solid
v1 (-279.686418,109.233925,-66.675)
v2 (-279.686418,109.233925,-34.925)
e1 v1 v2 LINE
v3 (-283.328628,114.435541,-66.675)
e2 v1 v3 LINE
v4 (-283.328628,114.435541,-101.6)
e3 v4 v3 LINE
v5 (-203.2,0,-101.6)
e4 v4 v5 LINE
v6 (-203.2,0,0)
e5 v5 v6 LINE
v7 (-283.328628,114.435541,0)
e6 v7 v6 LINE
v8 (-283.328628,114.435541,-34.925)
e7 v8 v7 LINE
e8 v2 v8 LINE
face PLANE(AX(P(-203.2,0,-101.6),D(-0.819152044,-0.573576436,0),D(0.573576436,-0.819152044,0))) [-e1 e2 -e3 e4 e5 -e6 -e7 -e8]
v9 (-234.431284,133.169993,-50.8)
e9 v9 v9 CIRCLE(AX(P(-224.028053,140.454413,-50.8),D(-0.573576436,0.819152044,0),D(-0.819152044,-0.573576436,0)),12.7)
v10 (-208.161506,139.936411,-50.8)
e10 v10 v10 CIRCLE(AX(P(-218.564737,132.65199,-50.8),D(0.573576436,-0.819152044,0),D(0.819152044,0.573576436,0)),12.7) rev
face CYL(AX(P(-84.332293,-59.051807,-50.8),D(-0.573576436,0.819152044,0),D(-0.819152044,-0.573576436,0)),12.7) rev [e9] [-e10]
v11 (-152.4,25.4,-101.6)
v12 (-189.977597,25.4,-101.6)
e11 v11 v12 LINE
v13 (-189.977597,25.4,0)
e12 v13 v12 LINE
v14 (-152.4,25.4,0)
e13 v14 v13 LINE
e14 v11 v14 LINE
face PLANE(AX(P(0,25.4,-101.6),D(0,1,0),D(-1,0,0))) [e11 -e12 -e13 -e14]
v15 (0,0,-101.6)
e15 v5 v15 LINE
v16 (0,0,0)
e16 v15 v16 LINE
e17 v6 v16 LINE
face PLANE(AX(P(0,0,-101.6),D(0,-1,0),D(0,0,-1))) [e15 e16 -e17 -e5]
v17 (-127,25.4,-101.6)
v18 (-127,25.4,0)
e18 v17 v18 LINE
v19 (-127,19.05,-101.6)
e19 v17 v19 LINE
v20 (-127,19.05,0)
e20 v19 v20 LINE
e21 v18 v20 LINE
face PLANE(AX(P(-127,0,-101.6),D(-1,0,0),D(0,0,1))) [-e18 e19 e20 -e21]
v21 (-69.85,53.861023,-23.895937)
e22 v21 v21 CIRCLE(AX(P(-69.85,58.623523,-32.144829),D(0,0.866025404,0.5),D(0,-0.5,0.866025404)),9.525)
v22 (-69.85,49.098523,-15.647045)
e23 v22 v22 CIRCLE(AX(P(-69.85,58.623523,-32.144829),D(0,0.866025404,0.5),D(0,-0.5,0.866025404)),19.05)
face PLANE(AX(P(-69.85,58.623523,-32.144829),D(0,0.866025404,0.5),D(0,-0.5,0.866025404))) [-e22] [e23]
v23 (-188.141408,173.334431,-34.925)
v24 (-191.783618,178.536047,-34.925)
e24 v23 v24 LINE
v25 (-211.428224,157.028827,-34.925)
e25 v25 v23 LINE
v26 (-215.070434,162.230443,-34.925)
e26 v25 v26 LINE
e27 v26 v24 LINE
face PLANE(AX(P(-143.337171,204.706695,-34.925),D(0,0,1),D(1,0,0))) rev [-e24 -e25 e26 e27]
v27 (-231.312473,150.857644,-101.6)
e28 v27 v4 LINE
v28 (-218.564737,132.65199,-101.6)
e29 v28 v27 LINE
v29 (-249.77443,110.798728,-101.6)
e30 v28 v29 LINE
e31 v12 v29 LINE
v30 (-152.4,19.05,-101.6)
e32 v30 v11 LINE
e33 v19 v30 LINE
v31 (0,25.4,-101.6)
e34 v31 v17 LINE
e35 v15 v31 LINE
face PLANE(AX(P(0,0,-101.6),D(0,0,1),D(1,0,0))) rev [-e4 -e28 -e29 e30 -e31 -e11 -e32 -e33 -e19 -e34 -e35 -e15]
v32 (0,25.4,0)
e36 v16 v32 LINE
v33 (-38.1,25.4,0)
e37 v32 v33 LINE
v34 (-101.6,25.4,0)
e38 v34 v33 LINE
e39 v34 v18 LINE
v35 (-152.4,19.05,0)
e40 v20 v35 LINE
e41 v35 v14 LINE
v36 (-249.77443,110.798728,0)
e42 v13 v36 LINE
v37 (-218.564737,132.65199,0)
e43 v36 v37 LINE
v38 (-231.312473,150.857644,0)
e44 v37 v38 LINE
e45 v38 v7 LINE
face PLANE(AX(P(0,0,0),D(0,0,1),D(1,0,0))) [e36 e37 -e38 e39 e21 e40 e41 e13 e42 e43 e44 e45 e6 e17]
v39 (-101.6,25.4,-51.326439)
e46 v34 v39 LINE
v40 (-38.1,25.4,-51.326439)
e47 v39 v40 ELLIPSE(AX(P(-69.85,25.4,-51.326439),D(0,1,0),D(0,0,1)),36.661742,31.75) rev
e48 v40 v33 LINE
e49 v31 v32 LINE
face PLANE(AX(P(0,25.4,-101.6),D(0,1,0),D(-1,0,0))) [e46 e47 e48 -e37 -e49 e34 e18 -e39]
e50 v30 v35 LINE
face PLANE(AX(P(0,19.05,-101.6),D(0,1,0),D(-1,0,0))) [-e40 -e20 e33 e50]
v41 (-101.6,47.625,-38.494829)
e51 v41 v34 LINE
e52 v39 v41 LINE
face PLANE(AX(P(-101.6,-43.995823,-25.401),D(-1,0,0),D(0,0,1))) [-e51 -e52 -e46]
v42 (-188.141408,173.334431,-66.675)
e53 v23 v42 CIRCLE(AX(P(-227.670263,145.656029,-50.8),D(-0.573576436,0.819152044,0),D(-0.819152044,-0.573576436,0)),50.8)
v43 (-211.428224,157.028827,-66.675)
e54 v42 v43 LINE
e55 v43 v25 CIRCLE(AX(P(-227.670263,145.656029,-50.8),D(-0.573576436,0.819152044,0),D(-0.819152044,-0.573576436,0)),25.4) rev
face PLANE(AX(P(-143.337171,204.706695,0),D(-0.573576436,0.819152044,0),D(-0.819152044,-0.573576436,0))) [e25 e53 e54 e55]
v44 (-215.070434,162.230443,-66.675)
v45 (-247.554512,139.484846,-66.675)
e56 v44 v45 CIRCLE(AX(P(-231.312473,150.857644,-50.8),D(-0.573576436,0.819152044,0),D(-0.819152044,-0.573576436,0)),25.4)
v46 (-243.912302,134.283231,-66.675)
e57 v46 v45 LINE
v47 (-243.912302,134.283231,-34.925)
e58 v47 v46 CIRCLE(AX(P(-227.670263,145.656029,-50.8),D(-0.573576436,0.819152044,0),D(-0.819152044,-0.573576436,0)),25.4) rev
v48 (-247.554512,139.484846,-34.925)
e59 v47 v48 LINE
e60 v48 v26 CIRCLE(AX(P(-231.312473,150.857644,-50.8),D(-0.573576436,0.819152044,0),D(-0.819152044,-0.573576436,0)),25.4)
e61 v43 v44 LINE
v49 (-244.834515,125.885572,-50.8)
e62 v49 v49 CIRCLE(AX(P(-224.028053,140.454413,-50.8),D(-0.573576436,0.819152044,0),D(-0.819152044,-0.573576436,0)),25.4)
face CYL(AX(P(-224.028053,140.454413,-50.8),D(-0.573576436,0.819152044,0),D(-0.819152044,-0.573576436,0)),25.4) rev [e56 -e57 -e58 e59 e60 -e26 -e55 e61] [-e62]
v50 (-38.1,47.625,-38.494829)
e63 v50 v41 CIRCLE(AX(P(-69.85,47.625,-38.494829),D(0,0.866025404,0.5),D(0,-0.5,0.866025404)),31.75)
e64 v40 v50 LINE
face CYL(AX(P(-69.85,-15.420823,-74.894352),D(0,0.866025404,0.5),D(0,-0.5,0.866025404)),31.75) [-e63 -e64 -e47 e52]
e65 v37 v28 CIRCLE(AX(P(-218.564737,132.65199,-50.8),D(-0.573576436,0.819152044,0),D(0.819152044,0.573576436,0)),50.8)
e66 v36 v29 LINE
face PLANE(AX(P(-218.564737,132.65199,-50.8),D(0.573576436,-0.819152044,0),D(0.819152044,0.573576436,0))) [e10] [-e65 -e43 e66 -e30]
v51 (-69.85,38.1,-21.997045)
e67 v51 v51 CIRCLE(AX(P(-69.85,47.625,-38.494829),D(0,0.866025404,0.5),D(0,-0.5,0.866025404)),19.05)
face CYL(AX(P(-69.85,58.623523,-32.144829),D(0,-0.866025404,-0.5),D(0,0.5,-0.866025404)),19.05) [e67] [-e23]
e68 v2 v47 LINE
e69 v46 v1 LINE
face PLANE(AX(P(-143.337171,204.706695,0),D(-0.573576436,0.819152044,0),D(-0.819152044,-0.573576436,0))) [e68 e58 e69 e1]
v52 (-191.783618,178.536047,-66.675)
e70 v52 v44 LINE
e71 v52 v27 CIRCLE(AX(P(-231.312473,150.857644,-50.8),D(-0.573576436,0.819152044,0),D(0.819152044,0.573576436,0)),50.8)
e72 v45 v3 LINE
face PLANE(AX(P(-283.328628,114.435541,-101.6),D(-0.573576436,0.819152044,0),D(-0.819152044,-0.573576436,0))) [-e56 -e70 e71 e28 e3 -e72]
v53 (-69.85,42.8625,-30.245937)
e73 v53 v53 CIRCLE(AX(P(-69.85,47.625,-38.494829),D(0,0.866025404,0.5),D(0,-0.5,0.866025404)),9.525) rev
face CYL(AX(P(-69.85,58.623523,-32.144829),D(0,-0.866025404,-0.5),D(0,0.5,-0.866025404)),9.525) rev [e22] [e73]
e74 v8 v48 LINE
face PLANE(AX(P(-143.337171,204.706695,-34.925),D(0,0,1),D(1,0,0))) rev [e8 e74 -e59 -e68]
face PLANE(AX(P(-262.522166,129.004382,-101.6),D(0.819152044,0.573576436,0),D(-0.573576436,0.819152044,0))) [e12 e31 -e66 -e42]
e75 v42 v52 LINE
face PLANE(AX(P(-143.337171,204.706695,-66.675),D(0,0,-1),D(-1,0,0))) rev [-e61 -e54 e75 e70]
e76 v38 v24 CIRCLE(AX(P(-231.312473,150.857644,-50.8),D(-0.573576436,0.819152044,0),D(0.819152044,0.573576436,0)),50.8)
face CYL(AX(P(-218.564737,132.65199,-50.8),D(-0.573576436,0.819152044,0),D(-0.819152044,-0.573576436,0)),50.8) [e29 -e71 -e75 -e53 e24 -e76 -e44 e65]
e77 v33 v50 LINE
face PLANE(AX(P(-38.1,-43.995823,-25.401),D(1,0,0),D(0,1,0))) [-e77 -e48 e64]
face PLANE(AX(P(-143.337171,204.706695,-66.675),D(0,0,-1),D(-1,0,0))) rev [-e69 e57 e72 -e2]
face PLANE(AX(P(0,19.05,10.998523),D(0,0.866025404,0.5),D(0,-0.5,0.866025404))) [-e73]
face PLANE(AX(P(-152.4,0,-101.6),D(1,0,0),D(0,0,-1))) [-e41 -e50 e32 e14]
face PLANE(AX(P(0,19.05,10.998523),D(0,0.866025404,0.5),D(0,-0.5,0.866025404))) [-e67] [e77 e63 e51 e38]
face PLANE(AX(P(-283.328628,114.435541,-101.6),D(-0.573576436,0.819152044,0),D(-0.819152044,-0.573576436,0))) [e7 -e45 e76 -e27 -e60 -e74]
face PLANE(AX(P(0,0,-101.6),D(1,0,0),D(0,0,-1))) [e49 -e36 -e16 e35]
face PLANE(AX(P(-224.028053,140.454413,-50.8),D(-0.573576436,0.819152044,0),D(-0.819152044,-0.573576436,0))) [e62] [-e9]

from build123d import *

# Parameters (mm, degrees)
SKETCH1_W           = 203.2
SKETCH1_H           = 25.4
BOSS_EXTRUDE1_DEPTH = 101.6
SKETCH2_W           = 25.4
SKETCH2_H           = 6.35
CUT_EXTRUDE1_DEPTH  = 229.6
BOSS_EXTRUDE2_REACH = 235.091
SKETCH4_R           = 19.05
SKETCH4_R_2         = 9.525
BOSS_EXTRUDE3_DEPTH = 12.7
BOSS_EXTRUDE4_DEPTH = 101.6
BOSS_EXTRUDE5_DEPTH = 22.225
SKETCH7_R           = 25.4
SKETCH7_R_2         = 12.7
CUT_EXTRUDE4_DEPTH  = 12.7
CUT_EXTRUDE5_REACH  = 277.657
SKETCH8_R           = 12.7
CUT_EXTRUDE6_DEPTH  = 6.35


with BuildPart() as part:
    # Sketch1 → Boss-Extrude1 (new body)
    with BuildSketch(Plane.XY):
        with Locations((-101.6, 12.7)):
            Rectangle(SKETCH1_W, SKETCH1_H)
    extrude(amount=-BOSS_EXTRUDE1_DEPTH)

    # Sketch2 → Cut-Extrude1 (cut, through all)
    with BuildSketch(Plane.XY):
        with Locations((-139.7, 22.225)):
            Rectangle(SKETCH2_W, SKETCH2_H)
    extrude(amount=-CUT_EXTRUDE1_DEPTH, mode=Mode.SUBTRACT)

    # Sketch3 → Boss-Extrude2 (add, up to next)
    with BuildSketch(Plane(origin=(0, 19.05, 10.998522628), x_dir=(-1, 0, 0), z_dir=(0, 0.866025403784438, 0.500000000000001)), mode=Mode.PRIVATE) as boss_extrude2_sk1:
        with BuildLine():
            Line((101.6, -12.7), (38.1, -12.7))
            Line((38.1, -12.7), (38.1, -57.15))
            ThreePointArc((38.1, -57.15), (69.85, -88.9), (101.6, -57.15))
            Line((101.6, -57.15), (101.6, -12.7))
        make_face()
    boss_extrude2_tool1 = extrude(boss_extrude2_sk1.sketch, amount=-BOSS_EXTRUDE2_REACH, mode=Mode.PRIVATE) - part.part
    add(boss_extrude2_tool1.solids().sort_by_distance((-69.85, 42.927534, -30.35858))[0])

    # Sketch4 → Boss-Extrude3 (add)
    with BuildSketch(Plane(origin=(0, 19.05, 10.998522628), x_dir=(1, 0, 0), z_dir=(0, 0.8660254037844382, 0.5000000000000011))):
        with Locations((-69.85, 57.15)):
            Circle(SKETCH4_R)
        with Locations((-69.85, 57.15)):
            Circle(SKETCH4_R_2, mode=Mode.SUBTRACT)
    extrude(amount=BOSS_EXTRUDE3_DEPTH)

    # Sketch5 → Boss-Extrude4 (add)
    with BuildSketch(Plane.XY):
        Polygon((-203.2, 0), (-283.328628158, 114.435540587), (-262.522166233, 129.00438207), (-182.393538075, 14.568841483), align=None)
    extrude(amount=-BOSS_EXTRUDE4_DEPTH)

    # Sketch6 → Boss-Extrude5 (add)
    with BuildSketch(Plane(origin=(-146.979381596, 209.908310859, 0), x_dir=(0.8191520442889892, 0.5735764363510499, 0), z_dir=(-0.5735764363510498, 0.8191520442889891, 0))):
        with BuildLine():
            Line((-166.4516954, 0), (-102.9516954, 0))
            ThreePointArc((-102.9516954, 0), (-52.1516954, 50.8), (-102.9516954, 101.6))
            Line((-102.9516954, 101.6), (-166.4516954, 101.6))
            Line((-166.4516954, 101.6), (-166.4516954, 0))
        make_face()
    extrude(amount=-BOSS_EXTRUDE5_DEPTH)

    # Sketch7 → Cut-Extrude4 (cut)
    with BuildSketch(Plane(origin=(-146.979381596, 209.908310859, 0), x_dir=(0.8191520442889892, 0.5735764363510499, 0), z_dir=(-0.5735764363510498, 0.8191520442889891, 0))):
        with Locations((-102.9516954, 50.8)):
            Circle(SKETCH7_R)
        with Locations((-102.9516954, 50.8)):
            Circle(SKETCH7_R_2, mode=Mode.SUBTRACT)
    extrude(amount=-CUT_EXTRUDE4_DEPTH, mode=Mode.SUBTRACT)

    # Sketch8 → Cut-Extrude5 (cut, up to next)
    with BuildSketch(Plane(origin=(-146.979381596, 209.908310859, 0), x_dir=(0.8191520442889892, 0.5735764363510499, 0), z_dir=(-0.5735764363510498, 0.8191520442889891, 0)), mode=Mode.PRIVATE) as cut_extrude5_sk1:
        with Locations((-102.9516954, 50.8)):
            Circle(SKETCH8_R)
    cut_extrude5_tool1 = extrude(cut_extrude5_sk1.sketch, amount=-CUT_EXTRUDE5_REACH, mode=Mode.PRIVATE) & part.part
    add(cut_extrude5_tool1.solids().sort_by_distance((-231.312473, 150.857644, -50.8))[0], mode=Mode.SUBTRACT)

    # Sketch9 → Cut-Extrude6 (cut)
    with BuildSketch(Plane(origin=(-146.979381596, 209.908310859, 0), x_dir=(0.8191520442889892, 0.5735764363510499, 0), z_dir=(-0.5735764363510498, 0.8191520442889891, 0))):
        with BuildLine():
            ThreePointArc((-54.695873212, 34.925), (-52.1516954, 50.8), (-54.695873212, 66.675))
            Line((-54.695873212, 66.675), (-83.123826755, 66.675))
            ThreePointArc((-83.123826755, 66.675), (-77.5516954, 50.8), (-83.123826755, 34.925))
            Line((-83.123826755, 34.925), (-54.695873212, 34.925))
        make_face()
        with BuildLine():
            ThreePointArc((-122.779564044, 34.925), (-128.3516954, 50.8), (-122.779564044, 66.675))
            Line((-122.779564044, 66.675), (-166.4516954, 66.675))
            Line((-166.4516954, 66.675), (-166.4516954, 34.925))
            Line((-166.4516954, 34.925), (-122.779564044, 34.925))
        make_face()
    extrude(amount=-CUT_EXTRUDE6_DEPTH, mode=Mode.SUBTRACT)


solid = part.part
